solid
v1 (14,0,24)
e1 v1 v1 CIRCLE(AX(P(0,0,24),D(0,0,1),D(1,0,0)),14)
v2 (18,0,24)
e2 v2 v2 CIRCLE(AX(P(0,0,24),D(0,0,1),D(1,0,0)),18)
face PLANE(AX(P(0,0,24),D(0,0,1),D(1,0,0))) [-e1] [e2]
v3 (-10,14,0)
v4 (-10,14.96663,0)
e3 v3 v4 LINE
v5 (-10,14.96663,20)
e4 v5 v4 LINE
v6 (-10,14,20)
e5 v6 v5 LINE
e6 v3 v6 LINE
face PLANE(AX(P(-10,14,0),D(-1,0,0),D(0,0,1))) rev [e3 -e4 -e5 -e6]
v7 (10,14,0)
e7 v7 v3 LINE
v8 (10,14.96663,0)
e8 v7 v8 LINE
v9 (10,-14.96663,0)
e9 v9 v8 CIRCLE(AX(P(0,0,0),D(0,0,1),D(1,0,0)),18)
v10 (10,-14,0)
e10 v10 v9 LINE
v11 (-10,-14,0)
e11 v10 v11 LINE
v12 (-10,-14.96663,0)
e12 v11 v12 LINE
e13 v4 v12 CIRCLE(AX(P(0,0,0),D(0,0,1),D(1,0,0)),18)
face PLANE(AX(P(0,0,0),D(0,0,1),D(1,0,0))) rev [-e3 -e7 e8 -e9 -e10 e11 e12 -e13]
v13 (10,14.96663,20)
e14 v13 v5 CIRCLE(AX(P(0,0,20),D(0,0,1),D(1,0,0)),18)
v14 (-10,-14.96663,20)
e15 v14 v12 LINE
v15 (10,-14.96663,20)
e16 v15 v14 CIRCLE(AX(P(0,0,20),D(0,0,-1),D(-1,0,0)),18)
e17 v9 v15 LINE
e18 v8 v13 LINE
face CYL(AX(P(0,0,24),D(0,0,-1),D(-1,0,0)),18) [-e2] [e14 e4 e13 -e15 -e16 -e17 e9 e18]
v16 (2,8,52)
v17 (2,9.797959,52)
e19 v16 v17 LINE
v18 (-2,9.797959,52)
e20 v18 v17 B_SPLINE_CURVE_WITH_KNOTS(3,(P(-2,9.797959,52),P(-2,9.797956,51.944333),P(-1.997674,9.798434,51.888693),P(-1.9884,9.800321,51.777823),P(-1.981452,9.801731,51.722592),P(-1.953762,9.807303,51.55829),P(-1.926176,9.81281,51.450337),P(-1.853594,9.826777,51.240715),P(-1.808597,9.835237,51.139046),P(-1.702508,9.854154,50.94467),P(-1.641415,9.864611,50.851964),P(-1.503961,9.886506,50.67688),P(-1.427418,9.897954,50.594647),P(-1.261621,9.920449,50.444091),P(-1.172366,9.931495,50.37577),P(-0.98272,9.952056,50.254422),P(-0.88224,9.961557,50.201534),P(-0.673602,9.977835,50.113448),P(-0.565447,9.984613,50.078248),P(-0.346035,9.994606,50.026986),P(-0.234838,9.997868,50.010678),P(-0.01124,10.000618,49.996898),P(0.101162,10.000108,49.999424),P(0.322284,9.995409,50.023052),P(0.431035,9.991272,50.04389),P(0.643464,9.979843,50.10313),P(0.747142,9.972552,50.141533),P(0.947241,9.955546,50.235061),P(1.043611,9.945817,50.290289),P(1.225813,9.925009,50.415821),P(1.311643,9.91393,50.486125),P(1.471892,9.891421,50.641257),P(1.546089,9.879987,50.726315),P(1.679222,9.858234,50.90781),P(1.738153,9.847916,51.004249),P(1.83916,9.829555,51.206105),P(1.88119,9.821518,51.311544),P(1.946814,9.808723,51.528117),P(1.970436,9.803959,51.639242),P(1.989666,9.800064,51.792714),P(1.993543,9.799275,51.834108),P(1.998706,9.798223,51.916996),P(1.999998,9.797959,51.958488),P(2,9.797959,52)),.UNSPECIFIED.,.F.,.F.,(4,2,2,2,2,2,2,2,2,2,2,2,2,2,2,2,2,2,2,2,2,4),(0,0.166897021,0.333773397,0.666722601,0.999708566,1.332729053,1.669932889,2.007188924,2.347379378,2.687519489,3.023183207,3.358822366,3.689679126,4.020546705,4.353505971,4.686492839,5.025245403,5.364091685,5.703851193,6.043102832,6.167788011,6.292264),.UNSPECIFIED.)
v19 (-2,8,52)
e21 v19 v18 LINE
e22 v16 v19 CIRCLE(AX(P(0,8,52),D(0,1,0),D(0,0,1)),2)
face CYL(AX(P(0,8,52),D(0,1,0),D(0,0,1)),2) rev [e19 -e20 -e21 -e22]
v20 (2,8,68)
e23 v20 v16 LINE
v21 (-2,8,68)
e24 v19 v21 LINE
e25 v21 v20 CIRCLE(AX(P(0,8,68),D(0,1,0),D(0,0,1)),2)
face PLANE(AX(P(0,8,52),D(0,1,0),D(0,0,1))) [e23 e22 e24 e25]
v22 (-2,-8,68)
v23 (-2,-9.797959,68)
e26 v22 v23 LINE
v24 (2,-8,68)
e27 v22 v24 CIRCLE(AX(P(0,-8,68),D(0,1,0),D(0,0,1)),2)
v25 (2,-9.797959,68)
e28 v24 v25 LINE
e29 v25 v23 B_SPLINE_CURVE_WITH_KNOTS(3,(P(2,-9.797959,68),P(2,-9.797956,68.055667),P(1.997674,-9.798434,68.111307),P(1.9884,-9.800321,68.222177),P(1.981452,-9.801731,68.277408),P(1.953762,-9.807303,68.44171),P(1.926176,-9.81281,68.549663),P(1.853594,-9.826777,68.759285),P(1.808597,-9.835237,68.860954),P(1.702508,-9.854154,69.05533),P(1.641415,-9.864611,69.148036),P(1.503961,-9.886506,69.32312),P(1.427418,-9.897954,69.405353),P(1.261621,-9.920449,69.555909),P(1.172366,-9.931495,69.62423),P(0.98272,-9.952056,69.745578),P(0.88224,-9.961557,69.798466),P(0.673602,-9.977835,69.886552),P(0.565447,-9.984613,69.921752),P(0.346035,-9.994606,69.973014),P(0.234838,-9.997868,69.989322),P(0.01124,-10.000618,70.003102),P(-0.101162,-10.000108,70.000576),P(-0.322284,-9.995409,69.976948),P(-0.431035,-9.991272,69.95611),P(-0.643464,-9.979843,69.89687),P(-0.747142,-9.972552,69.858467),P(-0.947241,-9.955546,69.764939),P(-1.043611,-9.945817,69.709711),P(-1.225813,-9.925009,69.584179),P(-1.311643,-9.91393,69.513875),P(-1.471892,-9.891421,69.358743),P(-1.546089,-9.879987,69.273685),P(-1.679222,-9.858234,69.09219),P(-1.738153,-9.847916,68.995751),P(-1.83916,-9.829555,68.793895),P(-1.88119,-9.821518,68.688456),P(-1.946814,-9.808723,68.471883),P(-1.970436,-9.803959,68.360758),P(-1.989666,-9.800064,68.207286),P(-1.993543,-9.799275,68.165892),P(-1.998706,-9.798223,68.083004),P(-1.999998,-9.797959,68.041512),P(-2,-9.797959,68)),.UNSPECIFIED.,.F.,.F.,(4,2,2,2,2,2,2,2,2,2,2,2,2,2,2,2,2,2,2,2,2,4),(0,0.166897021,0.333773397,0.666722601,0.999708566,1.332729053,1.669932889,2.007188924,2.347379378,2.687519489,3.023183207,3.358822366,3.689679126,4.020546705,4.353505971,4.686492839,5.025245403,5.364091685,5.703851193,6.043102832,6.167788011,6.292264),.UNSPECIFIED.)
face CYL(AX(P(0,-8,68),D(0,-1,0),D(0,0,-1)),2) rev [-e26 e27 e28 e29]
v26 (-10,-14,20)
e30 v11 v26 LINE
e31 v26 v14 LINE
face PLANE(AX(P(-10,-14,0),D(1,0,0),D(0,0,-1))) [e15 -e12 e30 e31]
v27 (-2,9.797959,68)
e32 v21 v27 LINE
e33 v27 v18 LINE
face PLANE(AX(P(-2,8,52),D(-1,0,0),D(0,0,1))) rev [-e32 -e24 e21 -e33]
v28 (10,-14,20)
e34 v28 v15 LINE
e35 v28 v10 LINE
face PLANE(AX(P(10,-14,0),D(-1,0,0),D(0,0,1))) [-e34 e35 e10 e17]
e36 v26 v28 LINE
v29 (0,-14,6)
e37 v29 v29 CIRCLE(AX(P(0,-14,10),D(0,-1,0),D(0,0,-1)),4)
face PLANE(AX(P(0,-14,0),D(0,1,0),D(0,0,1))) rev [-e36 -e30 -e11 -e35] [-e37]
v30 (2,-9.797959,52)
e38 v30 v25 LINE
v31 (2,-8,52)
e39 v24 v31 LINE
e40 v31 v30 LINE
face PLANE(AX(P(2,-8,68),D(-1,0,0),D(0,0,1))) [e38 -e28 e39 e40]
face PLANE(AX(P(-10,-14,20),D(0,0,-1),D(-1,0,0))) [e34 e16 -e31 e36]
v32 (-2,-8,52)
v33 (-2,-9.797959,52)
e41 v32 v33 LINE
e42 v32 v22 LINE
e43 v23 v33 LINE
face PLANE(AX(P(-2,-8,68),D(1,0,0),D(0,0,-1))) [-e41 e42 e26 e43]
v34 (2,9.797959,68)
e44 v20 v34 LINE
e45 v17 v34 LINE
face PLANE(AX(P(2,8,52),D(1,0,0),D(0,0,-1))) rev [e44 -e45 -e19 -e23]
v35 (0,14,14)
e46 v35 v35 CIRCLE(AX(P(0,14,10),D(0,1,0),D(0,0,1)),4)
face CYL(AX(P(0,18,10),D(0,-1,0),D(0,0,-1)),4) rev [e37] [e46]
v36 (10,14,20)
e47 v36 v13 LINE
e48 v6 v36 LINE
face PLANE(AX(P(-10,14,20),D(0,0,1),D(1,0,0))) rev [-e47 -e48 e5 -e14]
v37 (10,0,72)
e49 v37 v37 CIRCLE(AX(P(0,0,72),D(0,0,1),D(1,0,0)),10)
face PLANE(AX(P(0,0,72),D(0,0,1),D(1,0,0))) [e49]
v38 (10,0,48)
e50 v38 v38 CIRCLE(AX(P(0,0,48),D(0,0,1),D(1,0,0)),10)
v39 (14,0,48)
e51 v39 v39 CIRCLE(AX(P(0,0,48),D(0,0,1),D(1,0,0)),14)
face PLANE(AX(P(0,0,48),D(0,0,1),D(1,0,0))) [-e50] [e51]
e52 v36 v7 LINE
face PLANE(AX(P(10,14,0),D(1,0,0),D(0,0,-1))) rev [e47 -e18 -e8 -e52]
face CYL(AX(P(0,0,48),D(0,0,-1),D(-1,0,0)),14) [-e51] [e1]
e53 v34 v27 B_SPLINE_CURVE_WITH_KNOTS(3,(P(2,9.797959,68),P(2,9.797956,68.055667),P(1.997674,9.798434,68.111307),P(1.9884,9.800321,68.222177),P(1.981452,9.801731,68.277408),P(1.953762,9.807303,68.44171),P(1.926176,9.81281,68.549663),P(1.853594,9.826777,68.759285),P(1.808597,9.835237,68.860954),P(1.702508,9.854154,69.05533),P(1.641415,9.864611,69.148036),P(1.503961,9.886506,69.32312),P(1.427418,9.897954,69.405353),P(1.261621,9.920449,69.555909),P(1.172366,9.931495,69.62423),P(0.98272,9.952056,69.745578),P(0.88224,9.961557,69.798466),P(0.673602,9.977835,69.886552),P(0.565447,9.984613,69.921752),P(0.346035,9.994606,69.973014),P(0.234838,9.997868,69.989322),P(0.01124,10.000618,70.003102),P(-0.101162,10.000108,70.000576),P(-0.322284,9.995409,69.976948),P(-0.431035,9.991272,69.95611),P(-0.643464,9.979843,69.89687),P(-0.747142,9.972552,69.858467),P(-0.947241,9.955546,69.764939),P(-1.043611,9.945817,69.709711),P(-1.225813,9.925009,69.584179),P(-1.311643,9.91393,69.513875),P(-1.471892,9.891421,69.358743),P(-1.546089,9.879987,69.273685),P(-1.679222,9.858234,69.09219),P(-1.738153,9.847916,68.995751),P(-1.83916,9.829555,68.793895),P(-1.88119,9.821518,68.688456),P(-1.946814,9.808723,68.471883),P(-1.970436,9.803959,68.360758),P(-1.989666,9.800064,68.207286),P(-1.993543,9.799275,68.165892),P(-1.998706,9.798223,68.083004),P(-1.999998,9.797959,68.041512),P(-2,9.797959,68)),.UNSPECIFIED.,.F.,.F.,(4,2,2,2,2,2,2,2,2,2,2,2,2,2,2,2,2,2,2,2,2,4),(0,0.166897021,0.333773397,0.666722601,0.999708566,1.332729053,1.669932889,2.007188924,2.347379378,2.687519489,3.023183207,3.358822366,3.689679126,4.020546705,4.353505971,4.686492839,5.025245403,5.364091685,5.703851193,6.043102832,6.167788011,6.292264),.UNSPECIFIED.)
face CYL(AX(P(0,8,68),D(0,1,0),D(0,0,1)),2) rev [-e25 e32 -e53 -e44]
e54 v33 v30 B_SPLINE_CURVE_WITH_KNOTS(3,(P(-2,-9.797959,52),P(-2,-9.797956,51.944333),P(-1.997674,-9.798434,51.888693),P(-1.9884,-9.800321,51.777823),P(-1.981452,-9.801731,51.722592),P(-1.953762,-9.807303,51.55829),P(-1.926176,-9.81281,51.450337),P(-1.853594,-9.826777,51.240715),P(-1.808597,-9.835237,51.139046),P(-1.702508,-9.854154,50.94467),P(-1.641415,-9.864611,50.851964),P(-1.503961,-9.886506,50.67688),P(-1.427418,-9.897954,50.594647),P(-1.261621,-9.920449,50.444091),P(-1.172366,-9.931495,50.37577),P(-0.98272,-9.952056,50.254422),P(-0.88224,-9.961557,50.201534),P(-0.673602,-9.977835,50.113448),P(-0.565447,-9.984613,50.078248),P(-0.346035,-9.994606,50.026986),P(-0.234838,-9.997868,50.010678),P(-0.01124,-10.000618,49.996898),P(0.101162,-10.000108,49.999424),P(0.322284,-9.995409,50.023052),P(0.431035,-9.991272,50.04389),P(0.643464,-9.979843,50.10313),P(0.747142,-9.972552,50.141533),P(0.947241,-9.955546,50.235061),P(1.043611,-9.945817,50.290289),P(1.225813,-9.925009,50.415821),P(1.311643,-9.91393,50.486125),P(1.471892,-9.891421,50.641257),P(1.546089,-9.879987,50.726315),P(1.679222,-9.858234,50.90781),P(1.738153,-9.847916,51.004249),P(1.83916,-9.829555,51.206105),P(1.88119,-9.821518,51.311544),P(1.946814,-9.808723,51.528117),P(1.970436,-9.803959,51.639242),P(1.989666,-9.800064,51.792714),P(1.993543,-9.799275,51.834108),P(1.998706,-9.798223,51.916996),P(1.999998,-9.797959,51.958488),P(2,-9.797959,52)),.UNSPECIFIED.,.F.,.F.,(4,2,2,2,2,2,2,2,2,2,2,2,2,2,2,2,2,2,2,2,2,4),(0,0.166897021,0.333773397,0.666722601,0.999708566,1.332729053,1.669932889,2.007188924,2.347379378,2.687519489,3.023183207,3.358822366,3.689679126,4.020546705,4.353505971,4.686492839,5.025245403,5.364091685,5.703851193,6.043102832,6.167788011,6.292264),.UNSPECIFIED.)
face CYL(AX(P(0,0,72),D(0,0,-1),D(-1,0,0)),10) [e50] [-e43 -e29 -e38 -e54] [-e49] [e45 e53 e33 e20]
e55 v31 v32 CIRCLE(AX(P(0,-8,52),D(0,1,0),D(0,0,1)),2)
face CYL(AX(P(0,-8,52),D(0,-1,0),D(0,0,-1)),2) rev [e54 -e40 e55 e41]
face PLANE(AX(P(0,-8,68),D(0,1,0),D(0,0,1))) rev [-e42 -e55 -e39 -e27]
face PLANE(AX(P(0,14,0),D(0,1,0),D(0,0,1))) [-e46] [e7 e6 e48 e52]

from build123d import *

# Parameters (mm, degrees)
CROQUIS1_R              = 18
SALIENTE_EXTRUIR1_DEPTH = 24
CROQUIS2_R              = 14
SALIENTE_EXTRUIR2_DEPTH = 24
CROQUIS3_R              = 10
SALIENTE_EXTRUIR3_DEPTH = 24
CORTAR_EXTRUIR1_DEPTH   = 2
CORTAR_EXTRUIR2_DEPTH   = 2
CROQUIS6_W              = 20
CROQUIS6_H              = 20
CORTAR_EXTRUIR3_DEPTH   = 4
CROQUIS7_W              = 20
CROQUIS7_H              = 20
CORTAR_EXTRUIR4_DEPTH   = 4
CROQUIS8_R              = 4
CORTAR_EXTRUIR5_DEPTH   = 33


with BuildPart() as part:
    # Croquis1 → Saliente-Extruir1 (new body)
    with BuildSketch(Plane.XY):
        Circle(CROQUIS1_R)
    extrude(amount=SALIENTE_EXTRUIR1_DEPTH)

    # Croquis2 → Saliente-Extruir2 (add)
    with BuildSketch(Plane.XY.offset(24)):
        Circle(CROQUIS2_R)
    extrude(amount=SALIENTE_EXTRUIR2_DEPTH)

    # Croquis3 → Saliente-Extruir3 (add)
    with BuildSketch(Plane.XY.offset(48)):
        Circle(CROQUIS3_R)
    extrude(amount=SALIENTE_EXTRUIR3_DEPTH)

    # Croquis4 → Cortar-Extruir1 (cut)
    with BuildSketch(Plane(origin=(0, 10, 0), x_dir=(1, 0, 0), z_dir=(0, 1, 0))):
        with BuildLine():
            Line((2, -52), (2, -68))
            ThreePointArc((2, -68), (0, -70), (-2, -68))
            Line((-2, -68), (-2, -52))
            ThreePointArc((-2, -52), (0, -50), (2, -52))
        make_face()
    extrude(amount=-CORTAR_EXTRUIR1_DEPTH, mode=Mode.SUBTRACT)

    # Croquis5 → Cortar-Extruir2 (cut)
    with BuildSketch(Plane(origin=(0, -10, 0), x_dir=(1, 0, 0), z_dir=(0, 1, 0))):
        with BuildLine():
            Line((-2, -68), (-2, -52))
            ThreePointArc((-2, -52), (0, -50), (2, -52))
            Line((2, -52), (2, -68))
            ThreePointArc((2, -68), (0, -70), (-2, -68))
        make_face()
    extrude(amount=CORTAR_EXTRUIR2_DEPTH, mode=Mode.SUBTRACT)

    # Croquis6 → Cortar-Extruir3 (cut)
    with BuildSketch(Plane(origin=(0, 18, 0), x_dir=(1, 0, 0), z_dir=(0, 1, 0))):
        with Locations((0, -10)):
            Rectangle(CROQUIS6_W, CROQUIS6_H)
    extrude(amount=-CORTAR_EXTRUIR3_DEPTH, mode=Mode.SUBTRACT)

    # Croquis7 → Cortar-Extruir4 (cut)
    with BuildSketch(Plane(origin=(0, -18, 0), x_dir=(1, 0, 0), z_dir=(0, 1, 0))):
        with Locations((0, -10)):
            Rectangle(CROQUIS7_W, CROQUIS7_H)
    extrude(amount=CORTAR_EXTRUIR4_DEPTH, mode=Mode.SUBTRACT)

    # Croquis8 → Cortar-Extruir5 (cut, through all)
    with BuildSketch(Plane.XZ.offset(14)):
        with Locations((0, 10)):
            Circle(CROQUIS8_R)
    extrude(amount=-CORTAR_EXTRUIR5_DEPTH, mode=Mode.SUBTRACT)


solid = part.part
